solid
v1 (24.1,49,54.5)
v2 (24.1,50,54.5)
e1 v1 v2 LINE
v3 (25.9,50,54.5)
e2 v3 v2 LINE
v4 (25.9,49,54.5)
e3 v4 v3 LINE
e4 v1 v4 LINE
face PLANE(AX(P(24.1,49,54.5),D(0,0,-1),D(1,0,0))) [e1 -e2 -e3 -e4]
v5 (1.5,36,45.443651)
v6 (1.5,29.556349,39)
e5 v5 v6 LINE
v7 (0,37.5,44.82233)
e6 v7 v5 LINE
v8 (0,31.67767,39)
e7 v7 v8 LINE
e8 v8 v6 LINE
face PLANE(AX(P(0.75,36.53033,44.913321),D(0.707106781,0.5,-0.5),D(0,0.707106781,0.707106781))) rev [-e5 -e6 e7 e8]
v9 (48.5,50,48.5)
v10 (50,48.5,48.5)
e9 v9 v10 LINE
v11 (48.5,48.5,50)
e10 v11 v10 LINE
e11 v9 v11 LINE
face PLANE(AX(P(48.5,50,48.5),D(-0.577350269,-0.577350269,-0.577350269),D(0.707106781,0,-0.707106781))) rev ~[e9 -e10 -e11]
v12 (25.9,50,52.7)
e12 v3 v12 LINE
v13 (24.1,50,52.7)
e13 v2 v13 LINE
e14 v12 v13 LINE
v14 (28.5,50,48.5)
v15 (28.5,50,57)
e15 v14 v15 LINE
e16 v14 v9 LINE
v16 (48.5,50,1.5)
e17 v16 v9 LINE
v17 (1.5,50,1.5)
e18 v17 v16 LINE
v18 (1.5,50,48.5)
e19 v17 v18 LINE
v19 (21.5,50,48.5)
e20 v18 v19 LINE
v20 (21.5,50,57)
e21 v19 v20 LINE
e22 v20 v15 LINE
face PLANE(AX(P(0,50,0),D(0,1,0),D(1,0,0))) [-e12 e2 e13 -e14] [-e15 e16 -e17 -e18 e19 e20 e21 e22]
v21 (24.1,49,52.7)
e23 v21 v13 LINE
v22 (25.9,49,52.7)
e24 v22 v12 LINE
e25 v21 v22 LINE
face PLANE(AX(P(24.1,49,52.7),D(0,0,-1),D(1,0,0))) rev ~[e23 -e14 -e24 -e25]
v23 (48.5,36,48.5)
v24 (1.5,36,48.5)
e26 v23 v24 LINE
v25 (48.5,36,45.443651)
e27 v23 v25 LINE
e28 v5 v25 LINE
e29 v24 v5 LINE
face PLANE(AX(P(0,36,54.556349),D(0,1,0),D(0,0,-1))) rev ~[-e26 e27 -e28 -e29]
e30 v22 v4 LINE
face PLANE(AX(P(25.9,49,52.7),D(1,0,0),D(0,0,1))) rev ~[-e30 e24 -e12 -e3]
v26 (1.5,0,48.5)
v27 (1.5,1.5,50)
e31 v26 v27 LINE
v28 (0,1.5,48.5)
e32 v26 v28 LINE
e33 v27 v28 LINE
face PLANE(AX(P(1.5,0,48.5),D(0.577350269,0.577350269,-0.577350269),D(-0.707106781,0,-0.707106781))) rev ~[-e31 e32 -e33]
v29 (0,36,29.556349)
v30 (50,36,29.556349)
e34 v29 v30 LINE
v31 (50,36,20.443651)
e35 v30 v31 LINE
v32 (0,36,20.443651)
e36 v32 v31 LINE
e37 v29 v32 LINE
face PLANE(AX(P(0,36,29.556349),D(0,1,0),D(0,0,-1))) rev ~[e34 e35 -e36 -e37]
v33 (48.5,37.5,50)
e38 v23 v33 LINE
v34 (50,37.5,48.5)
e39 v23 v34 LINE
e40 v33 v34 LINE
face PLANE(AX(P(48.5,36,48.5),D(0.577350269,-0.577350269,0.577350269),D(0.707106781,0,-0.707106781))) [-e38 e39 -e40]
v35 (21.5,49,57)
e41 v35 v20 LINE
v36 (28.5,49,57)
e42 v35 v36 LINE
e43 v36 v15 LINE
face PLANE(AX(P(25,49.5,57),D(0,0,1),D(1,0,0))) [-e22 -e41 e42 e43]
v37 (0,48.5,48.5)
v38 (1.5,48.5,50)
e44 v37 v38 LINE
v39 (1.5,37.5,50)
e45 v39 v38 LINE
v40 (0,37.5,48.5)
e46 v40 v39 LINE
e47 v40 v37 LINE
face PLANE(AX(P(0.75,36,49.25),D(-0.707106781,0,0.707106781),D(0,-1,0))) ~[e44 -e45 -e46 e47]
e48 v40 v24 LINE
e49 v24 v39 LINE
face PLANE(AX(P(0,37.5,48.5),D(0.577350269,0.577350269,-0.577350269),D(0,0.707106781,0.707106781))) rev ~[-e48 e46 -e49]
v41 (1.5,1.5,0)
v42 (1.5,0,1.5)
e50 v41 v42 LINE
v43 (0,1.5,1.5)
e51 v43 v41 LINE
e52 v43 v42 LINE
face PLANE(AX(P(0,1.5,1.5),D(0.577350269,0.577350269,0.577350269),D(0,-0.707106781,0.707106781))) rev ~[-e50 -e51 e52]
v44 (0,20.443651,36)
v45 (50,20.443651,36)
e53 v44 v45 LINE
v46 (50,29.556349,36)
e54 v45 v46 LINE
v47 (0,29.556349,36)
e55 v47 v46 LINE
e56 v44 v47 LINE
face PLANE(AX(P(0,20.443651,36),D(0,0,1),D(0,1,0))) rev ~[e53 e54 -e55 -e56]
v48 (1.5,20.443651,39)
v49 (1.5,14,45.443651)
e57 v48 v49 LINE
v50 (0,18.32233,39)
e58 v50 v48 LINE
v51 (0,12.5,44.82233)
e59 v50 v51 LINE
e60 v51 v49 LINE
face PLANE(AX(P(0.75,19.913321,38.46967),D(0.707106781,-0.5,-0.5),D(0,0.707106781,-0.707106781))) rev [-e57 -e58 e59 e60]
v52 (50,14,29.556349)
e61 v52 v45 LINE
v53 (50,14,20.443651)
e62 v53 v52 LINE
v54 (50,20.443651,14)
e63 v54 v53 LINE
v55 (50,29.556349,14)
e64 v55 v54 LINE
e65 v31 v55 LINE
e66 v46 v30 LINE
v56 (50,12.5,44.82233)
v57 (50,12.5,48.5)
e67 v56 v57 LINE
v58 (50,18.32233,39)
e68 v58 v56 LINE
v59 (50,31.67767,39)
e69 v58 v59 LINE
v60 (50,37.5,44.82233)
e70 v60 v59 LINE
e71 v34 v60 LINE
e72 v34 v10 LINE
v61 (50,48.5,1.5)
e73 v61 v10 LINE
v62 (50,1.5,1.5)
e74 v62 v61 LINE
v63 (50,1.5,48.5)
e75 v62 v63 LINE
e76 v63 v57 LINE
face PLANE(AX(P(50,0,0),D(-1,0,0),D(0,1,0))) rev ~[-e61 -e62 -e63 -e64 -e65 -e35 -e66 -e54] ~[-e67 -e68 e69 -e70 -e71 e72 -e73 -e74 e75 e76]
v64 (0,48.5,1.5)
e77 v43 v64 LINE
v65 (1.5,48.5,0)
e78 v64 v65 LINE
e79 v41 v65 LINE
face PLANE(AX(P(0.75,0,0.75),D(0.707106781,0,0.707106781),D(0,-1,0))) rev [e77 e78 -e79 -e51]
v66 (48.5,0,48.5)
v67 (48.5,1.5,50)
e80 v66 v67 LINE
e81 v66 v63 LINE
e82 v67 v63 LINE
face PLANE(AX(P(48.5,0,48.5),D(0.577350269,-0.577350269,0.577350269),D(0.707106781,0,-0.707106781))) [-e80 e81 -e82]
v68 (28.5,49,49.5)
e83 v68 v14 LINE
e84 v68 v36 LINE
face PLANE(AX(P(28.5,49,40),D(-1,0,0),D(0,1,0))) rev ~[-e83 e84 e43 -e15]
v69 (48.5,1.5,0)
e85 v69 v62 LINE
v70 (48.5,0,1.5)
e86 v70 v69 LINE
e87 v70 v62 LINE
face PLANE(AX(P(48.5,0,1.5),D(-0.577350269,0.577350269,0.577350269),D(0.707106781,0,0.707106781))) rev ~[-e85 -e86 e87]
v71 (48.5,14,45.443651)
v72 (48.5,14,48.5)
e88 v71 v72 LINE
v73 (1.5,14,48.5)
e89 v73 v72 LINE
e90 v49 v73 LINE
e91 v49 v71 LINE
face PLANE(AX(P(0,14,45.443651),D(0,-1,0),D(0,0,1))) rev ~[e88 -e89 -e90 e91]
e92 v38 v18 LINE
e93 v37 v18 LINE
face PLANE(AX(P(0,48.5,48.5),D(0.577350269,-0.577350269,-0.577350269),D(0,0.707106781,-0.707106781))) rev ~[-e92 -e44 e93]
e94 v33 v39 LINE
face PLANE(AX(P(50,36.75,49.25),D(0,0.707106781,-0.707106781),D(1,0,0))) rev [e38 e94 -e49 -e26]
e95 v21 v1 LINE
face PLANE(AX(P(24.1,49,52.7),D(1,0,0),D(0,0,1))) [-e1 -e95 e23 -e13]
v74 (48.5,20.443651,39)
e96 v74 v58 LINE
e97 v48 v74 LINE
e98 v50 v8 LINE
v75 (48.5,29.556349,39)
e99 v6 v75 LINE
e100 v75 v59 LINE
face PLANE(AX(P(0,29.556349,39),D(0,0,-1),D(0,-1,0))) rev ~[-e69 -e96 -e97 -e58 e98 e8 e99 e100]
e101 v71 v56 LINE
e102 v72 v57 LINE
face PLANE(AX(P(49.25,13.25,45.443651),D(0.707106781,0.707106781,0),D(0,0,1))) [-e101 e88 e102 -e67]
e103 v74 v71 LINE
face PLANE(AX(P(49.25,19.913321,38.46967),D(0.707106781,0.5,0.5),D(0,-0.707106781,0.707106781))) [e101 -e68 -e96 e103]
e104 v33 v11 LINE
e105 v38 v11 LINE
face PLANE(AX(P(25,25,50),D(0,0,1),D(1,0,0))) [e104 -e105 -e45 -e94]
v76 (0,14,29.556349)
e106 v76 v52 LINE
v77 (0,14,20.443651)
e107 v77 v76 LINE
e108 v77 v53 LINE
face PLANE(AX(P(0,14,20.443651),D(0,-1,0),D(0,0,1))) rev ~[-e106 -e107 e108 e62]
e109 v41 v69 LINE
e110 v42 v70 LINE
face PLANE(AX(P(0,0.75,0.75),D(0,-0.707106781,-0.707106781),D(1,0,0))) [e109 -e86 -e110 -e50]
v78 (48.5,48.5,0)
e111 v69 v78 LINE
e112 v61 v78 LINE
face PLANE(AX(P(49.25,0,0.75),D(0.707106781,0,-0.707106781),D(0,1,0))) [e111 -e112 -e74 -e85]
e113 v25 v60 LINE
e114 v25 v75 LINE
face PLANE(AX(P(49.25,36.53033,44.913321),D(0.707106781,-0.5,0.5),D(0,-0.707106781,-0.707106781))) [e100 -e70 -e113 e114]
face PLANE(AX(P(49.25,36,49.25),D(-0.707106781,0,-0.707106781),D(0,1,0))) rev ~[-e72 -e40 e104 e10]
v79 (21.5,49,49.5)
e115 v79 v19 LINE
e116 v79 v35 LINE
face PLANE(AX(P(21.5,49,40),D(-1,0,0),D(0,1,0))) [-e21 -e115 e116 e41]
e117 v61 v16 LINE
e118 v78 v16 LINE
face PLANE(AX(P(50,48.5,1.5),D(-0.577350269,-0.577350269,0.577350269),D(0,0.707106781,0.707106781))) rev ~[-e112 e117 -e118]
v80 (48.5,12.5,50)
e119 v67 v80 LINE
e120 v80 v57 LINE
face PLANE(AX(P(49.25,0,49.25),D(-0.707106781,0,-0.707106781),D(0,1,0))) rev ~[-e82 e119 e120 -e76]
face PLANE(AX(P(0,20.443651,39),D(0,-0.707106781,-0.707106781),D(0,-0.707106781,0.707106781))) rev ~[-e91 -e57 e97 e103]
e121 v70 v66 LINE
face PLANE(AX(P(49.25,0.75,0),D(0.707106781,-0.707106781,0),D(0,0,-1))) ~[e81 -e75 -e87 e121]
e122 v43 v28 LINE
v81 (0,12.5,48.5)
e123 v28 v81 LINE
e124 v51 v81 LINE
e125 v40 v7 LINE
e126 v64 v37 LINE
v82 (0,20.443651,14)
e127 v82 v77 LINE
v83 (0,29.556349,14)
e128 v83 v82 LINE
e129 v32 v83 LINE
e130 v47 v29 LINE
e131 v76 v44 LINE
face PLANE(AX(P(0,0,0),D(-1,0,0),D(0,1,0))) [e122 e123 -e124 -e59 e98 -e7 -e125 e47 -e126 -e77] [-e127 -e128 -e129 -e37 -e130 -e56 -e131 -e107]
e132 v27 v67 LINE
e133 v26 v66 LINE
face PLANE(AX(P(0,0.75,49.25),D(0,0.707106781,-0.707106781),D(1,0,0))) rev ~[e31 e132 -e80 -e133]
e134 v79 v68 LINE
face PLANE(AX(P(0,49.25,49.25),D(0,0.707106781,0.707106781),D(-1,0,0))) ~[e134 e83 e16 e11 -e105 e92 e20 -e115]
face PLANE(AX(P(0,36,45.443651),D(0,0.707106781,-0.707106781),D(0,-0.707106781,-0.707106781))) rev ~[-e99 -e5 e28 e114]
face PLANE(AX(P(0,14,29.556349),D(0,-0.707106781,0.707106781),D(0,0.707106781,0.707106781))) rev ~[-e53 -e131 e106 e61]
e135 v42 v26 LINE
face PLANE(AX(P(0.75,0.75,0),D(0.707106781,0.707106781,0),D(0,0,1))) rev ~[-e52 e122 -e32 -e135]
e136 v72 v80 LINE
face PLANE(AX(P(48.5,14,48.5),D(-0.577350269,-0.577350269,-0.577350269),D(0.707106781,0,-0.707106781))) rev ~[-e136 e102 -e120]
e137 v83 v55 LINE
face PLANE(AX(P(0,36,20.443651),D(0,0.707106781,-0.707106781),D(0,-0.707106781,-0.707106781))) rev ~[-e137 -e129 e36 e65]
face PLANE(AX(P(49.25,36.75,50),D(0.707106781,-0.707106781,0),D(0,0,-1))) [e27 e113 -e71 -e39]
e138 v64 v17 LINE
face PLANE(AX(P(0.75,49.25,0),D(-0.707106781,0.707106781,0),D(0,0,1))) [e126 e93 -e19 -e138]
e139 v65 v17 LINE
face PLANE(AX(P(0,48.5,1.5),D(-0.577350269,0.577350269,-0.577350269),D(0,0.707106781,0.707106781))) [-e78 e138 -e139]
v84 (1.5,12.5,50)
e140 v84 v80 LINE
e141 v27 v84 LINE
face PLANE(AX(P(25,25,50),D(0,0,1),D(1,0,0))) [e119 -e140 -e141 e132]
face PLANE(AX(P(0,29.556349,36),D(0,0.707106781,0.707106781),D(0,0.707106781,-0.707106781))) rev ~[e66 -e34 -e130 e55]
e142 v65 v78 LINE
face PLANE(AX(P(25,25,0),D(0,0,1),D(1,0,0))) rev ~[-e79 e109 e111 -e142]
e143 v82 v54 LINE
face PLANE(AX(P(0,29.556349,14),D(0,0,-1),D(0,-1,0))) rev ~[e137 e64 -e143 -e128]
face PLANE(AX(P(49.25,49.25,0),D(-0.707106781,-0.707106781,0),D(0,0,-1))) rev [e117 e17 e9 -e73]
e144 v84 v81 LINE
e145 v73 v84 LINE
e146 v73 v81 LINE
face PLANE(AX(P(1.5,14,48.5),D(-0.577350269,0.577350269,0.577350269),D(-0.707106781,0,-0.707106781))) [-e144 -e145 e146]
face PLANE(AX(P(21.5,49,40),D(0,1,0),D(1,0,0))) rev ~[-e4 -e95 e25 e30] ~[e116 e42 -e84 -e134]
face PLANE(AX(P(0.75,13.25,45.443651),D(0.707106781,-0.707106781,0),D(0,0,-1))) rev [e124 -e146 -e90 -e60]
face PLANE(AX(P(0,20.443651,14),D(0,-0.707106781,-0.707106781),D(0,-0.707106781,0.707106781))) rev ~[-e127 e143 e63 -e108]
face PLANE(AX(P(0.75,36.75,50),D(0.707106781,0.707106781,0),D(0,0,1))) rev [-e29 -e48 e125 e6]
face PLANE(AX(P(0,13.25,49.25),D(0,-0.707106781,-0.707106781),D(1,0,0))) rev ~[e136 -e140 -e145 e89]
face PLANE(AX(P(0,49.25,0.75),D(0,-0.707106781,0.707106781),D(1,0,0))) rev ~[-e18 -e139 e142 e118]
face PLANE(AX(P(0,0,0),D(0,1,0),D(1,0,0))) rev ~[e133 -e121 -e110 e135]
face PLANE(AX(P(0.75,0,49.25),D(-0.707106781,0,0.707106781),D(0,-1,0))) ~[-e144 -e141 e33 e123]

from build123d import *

# Parameters (mm, degrees)
SKETCH1_W                = 50
SKETCH1_H                = 50
BOSS_EXTRUDE1_DEPTH      = 50
CUT_EXTRUDE1_DEPTH       = 87.602540378
CHAMFER1_SIZE            = 1.5
BOSS_EXTRUDE2_DEPTH      = 7
BOSS_EXTRUDE2_DEPTH_BACK = 10
SKETCH3_W                = 7
SKETCH3_H                = 1
SKETCH4_W                = 1.8
SKETCH4_H                = 1.8
CUT_EXTRUDE2_DEPTH       = 7


with BuildPart() as part:
    # Sketch1 → Boss-Extrude1 (new body)
    with BuildSketch(Plane.XY):
        with Locations((25, 25)):
            Rectangle(SKETCH1_W, SKETCH1_H)
    extrude(amount=BOSS_EXTRUDE1_DEPTH)

    # Sketch2 → Cut-Extrude1 (cut, through all)
    with BuildSketch(Plane.ZY):
        Polygon((36, 29.556349186), (29.556349186, 36), (20.443650814, 36), (14, 29.556349186), (14, 20.443650814), (20.443650814, 14), (29.556349186, 14), (36, 20.443650814), align=None)
        Polygon((54.556349186, 36), (45.443650814, 36), (39, 29.556349186), (39, 20.443650814), (45.443650814, 14), (54.556349186, 14), (61, 20.443650814), (61, 29.556349186), align=None)
    extrude(amount=-CUT_EXTRUDE1_DEPTH, mode=Mode.SUBTRACT)

    # Chamfer1
    chamfer1_edges = [part.edges().sort_by_distance(p)[0] for p in [
        (50, 7, 50),
        (0, 7, 50),
        (50, 43, 50),
        (25, 36, 50),
        (25, 14, 50),
        (25, 50, 50),
        (50, 14, 47.721825407),
        (50, 36, 47.721825407),
        (0, 14, 47.721825407),
        (0, 36, 47.721825407),
        (0, 32.778174593, 42.221825407),
        (0, 17.221825407, 42.221825407),
        (50, 17.221825407, 42.221825407),
        (50, 32.778174593, 42.221825407),
        (0, 43, 50),
        (25, 50, 0),
        (50, 25, 0),
        (25, 0, 0),
        (0, 25, 0),
        (25, 0, 50),
        (0, 50, 25),
        (50, 50, 25),
        (50, 0, 25),
        (0, 0, 25),
    ]]
    chamfer(chamfer1_edges, length=CHAMFER1_SIZE)

    # Sketch3 → Boss-Extrude2 (add, two sides: drawn at the far end of the back side and taken through both)
    with BuildSketch(Plane.XY.offset(50).offset(-BOSS_EXTRUDE2_DEPTH_BACK)):
        with Locations((25, 49.5)):
            Rectangle(SKETCH3_W, SKETCH3_H)
    extrude(amount=BOSS_EXTRUDE2_DEPTH + BOSS_EXTRUDE2_DEPTH_BACK)

    # Sketch4 → Cut-Extrude2 (cut)
    with BuildSketch(Plane.XZ.offset(-49)):
        with Locations((25, 53.6)):
            Rectangle(SKETCH4_W, SKETCH4_H)
    extrude(amount=-CUT_EXTRUDE2_DEPTH, mode=Mode.SUBTRACT)


solid = part.part
